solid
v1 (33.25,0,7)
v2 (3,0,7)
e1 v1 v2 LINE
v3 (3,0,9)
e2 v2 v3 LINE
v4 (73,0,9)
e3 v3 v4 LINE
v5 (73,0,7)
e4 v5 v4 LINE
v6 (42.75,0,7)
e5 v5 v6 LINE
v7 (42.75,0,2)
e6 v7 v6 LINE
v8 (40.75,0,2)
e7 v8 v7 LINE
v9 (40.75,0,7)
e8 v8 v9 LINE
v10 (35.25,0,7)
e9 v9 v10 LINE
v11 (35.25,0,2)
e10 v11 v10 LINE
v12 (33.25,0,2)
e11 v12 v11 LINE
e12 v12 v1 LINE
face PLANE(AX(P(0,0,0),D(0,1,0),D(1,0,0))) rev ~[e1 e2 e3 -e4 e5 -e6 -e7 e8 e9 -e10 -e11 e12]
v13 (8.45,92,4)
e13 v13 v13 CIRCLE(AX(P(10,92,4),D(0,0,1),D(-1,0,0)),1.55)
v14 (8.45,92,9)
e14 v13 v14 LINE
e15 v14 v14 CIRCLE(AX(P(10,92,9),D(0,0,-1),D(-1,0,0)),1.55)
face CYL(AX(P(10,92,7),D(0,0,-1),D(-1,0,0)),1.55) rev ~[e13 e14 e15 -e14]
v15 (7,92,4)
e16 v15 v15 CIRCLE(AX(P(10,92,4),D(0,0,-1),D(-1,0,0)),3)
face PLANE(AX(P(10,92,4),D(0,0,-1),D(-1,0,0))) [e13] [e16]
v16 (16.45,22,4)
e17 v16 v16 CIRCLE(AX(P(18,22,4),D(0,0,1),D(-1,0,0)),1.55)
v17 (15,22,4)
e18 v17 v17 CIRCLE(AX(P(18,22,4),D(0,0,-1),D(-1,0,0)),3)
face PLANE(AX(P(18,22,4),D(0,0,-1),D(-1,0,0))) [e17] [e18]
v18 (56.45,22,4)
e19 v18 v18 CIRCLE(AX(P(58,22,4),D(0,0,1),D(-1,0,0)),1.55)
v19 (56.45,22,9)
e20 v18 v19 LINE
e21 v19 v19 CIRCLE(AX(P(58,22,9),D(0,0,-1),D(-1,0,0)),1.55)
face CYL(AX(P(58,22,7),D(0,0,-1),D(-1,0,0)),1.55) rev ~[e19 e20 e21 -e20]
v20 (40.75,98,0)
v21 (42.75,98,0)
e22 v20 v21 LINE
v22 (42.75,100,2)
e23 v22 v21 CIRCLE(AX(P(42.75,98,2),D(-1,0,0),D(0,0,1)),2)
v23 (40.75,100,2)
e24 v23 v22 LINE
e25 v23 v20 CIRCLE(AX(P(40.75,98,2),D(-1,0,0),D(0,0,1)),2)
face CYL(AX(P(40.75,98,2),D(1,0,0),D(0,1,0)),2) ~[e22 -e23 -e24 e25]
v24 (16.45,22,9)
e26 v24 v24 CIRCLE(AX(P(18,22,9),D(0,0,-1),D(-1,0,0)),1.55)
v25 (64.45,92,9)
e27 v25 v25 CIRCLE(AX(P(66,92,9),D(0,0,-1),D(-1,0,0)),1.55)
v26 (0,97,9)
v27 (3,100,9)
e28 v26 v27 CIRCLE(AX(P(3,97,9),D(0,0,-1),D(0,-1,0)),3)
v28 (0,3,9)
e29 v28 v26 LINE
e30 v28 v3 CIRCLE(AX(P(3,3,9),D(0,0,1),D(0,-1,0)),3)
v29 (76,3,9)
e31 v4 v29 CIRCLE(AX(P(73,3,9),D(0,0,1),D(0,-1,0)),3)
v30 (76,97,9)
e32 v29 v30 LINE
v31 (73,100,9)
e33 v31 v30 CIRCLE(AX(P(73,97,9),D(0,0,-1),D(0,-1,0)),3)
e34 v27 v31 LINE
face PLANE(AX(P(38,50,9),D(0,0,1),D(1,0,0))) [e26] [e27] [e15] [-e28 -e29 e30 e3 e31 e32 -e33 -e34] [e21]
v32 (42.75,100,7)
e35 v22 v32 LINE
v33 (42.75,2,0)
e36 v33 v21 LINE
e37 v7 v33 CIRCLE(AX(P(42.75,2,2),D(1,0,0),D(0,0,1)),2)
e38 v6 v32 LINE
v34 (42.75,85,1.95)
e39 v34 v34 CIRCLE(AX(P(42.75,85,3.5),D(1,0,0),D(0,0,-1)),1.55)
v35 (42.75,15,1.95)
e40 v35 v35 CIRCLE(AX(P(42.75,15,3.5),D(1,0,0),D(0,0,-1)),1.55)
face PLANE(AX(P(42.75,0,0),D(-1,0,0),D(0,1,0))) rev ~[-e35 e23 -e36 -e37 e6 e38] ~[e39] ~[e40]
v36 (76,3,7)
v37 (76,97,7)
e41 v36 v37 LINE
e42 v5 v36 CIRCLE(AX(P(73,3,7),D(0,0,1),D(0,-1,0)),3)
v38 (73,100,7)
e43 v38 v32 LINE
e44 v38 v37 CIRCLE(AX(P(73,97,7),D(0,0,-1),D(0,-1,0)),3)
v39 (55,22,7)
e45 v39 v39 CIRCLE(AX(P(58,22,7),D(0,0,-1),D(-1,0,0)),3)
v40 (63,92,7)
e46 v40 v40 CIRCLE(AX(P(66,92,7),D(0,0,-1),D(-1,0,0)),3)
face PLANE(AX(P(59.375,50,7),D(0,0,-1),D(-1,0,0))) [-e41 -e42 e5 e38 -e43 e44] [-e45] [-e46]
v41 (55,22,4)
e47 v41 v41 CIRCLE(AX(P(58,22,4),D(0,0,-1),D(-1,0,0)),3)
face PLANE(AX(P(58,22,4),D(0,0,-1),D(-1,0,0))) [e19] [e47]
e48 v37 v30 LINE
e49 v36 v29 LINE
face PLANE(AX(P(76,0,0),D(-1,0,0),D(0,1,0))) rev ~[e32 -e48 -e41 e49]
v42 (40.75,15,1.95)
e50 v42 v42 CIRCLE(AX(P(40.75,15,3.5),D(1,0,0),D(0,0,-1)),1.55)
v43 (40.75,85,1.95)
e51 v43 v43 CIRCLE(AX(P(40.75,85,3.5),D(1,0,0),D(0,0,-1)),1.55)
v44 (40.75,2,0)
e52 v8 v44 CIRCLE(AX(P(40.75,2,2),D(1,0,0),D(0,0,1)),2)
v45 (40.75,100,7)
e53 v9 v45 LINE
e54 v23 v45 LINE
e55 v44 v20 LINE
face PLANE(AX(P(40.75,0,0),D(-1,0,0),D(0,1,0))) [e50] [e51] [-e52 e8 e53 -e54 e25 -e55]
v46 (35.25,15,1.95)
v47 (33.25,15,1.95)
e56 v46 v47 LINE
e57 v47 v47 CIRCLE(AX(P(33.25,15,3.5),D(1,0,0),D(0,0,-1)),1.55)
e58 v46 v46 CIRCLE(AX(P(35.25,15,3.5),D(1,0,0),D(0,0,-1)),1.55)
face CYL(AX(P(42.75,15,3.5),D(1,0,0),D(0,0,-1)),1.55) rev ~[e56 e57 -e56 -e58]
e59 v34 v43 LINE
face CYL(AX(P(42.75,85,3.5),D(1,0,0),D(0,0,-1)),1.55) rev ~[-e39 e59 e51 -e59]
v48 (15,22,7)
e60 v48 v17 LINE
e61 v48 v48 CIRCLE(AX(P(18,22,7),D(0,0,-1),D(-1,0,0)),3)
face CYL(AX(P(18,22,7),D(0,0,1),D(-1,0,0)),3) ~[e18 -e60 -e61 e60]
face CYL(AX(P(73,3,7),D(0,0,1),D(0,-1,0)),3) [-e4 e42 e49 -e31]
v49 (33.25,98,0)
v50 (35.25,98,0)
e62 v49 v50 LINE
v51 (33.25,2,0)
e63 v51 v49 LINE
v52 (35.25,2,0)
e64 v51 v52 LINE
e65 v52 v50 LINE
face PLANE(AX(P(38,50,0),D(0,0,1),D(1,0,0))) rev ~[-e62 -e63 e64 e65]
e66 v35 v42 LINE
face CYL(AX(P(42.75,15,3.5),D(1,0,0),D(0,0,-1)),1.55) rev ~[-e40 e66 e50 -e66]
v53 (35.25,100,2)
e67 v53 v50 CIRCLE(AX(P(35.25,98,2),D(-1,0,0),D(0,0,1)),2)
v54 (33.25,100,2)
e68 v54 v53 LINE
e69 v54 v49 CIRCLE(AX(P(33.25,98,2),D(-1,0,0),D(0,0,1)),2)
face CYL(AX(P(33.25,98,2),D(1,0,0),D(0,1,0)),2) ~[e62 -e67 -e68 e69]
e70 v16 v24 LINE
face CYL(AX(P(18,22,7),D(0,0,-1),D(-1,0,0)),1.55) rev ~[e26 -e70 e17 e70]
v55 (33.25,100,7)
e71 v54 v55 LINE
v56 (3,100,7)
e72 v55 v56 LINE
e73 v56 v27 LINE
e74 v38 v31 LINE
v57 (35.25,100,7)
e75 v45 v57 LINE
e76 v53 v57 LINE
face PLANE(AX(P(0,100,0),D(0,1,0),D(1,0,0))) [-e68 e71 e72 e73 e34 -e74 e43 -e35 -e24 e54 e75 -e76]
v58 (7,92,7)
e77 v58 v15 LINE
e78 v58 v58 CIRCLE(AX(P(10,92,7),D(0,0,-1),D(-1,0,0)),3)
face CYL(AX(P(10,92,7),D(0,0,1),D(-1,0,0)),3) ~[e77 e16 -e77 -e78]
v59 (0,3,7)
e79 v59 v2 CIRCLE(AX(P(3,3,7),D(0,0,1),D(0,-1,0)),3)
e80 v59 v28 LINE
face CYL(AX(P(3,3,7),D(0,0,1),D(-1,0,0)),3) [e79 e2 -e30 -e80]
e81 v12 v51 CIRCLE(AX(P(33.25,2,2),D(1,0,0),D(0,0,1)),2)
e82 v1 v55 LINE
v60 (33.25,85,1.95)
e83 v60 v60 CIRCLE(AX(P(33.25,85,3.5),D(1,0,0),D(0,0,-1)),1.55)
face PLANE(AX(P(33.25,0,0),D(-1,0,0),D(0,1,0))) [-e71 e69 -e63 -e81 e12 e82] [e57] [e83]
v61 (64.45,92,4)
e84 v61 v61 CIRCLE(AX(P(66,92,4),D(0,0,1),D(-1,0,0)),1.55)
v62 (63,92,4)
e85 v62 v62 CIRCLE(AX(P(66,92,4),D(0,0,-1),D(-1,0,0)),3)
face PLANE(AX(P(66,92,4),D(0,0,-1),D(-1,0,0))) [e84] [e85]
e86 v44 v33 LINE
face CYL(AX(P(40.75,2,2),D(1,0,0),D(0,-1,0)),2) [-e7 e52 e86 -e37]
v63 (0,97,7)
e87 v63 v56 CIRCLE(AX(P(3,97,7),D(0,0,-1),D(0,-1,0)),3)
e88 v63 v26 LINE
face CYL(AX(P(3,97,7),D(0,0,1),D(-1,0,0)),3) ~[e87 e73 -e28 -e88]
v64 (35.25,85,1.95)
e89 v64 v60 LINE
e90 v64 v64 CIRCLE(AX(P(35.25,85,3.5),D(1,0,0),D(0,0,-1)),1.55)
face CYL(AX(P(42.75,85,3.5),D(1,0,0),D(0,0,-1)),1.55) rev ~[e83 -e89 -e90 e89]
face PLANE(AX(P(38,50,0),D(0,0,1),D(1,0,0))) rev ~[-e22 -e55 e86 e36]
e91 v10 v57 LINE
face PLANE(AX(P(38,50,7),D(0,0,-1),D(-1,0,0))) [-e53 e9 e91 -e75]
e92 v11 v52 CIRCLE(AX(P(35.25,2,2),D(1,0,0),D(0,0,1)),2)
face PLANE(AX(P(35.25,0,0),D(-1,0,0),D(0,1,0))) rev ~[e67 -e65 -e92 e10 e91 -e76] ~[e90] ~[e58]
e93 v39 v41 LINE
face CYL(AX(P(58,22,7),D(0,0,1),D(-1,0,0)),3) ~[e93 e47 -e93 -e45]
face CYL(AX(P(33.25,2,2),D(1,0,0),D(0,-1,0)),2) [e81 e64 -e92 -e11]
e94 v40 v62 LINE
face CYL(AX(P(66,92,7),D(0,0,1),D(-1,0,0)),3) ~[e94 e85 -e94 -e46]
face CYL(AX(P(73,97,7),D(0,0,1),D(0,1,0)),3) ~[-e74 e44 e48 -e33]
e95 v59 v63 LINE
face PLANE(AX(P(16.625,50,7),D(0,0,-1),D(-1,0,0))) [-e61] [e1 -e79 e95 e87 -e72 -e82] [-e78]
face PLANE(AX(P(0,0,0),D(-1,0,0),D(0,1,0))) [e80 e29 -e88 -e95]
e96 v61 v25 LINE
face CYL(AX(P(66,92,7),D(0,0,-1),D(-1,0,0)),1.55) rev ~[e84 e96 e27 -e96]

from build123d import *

# Parameters (mm, degrees)
ESQUISSE1_W                  = 76
ESQUISSE1_H                  = 100
BOSS_EXTRU_1_DEPTH           = 9
ESQUISSE2_W                  = 33.25
ESQUISSE2_H                  = 100
ESQUISSE2_W_2                = 5.5
ENL_V_MAT_EXTRU_1_DEPTH      = 7
ESQUISSE3_R                  = 1.55
ENL_V_MAT_EXTRU_2_DEPTH      = 43.75
CONG_1_R                     = 3
CONG_2_R                     = 2
ESQUISSE9_R                  = 3
BOSS_EXTRU_2_DEPTH           = 3
ESQUISSE5_R                  = 1.55
ENL_V_MAT_EXTRU_4_DEPTH      = 8
ENL_V_MAT_EXTRU_4_DEPTH_BACK = 3


with BuildPart() as part:
    # Esquisse1 → Boss.-Extru.1 (new body)
    with BuildSketch(Plane.XY):
        with Locations((38, 50)):
            Rectangle(ESQUISSE1_W, ESQUISSE1_H)
    extrude(amount=BOSS_EXTRU_1_DEPTH)

    # Esquisse2 → Enlèv. mat.-Extru.1 (cut)
    with BuildSketch(Plane(origin=(0, 0, 0), x_dir=(-1, 0, 0), z_dir=(0, 0, -1))):
        with Locations((-16.625, 50)):
            Rectangle(ESQUISSE2_W, ESQUISSE2_H)
        with Locations((-59.375, 50)):
            Rectangle(ESQUISSE2_W, ESQUISSE2_H)
        with Locations((-38, 50)):
            Rectangle(ESQUISSE2_W_2, ESQUISSE2_H)
    extrude(amount=-ENL_V_MAT_EXTRU_1_DEPTH, mode=Mode.SUBTRACT)

    # Esquisse3 → Enlèv. mat.-Extru.2 (cut, through all)
    with BuildSketch(Plane(origin=(42.75, 0, 0), x_dir=(0, 0, -1), z_dir=(1, 0, 0))):
        with Locations((-3.5, 15)):
            Circle(ESQUISSE3_R)
        with Locations((-3.5, 85)):
            Circle(ESQUISSE3_R)
    extrude(amount=-ENL_V_MAT_EXTRU_2_DEPTH, mode=Mode.SUBTRACT)

    # Congé1
    cong_1_edges = [part.edges().sort_by_distance(p)[0] for p in [
        (0, 100, 8),
        (76, 100, 8),
        (76, 0, 8),
        (0, 0, 8),
    ]]
    fillet(cong_1_edges, radius=CONG_1_R)

    # Congé2
    cong_2_edges = [part.edges().sort_by_distance(p)[0] for p in [
        (41.75, 100, 0),
        (34.25, 100, 0),
        (34.25, 0, 0),
        (41.75, 0, 0),
    ]]
    fillet(cong_2_edges, radius=CONG_2_R)

    # Esquisse9 → Boss.-Extru.2 (add)
    with BuildSketch(Plane(origin=(0, 0, 7), x_dir=(-1, 0, 0), z_dir=(0, 0, -1))):
        with Locations((-66, 92)):
            Circle(ESQUISSE9_R)
        with Locations((-10, 92)):
            Circle(ESQUISSE9_R)
        with Locations((-18, 22)):
            Circle(ESQUISSE9_R)
        with Locations((-58, 22)):
            Circle(ESQUISSE9_R)
    extrude(amount=BOSS_EXTRU_2_DEPTH)

    # Esquisse5 → Enlèv. mat.-Extru.4 (cut, two sides)
    with BuildSketch(Plane(origin=(0, 0, 7), x_dir=(-1, 0, 0), z_dir=(0, 0, -1))) as enl_v_mat_extru_4_sk:
        with Locations((-66, 92)):
            Circle(ESQUISSE5_R)
        with Locations((-58, 22)):
            Circle(ESQUISSE5_R)
        with Locations((-18, 22)):
            Circle(ESQUISSE5_R)
        with Locations((-10, 92)):
            Circle(ESQUISSE5_R)
    extrude(amount=ENL_V_MAT_EXTRU_4_DEPTH, mode=Mode.SUBTRACT)
    extrude(enl_v_mat_extru_4_sk.sketch, amount=-ENL_V_MAT_EXTRU_4_DEPTH_BACK, mode=Mode.SUBTRACT)


solid = part.part
